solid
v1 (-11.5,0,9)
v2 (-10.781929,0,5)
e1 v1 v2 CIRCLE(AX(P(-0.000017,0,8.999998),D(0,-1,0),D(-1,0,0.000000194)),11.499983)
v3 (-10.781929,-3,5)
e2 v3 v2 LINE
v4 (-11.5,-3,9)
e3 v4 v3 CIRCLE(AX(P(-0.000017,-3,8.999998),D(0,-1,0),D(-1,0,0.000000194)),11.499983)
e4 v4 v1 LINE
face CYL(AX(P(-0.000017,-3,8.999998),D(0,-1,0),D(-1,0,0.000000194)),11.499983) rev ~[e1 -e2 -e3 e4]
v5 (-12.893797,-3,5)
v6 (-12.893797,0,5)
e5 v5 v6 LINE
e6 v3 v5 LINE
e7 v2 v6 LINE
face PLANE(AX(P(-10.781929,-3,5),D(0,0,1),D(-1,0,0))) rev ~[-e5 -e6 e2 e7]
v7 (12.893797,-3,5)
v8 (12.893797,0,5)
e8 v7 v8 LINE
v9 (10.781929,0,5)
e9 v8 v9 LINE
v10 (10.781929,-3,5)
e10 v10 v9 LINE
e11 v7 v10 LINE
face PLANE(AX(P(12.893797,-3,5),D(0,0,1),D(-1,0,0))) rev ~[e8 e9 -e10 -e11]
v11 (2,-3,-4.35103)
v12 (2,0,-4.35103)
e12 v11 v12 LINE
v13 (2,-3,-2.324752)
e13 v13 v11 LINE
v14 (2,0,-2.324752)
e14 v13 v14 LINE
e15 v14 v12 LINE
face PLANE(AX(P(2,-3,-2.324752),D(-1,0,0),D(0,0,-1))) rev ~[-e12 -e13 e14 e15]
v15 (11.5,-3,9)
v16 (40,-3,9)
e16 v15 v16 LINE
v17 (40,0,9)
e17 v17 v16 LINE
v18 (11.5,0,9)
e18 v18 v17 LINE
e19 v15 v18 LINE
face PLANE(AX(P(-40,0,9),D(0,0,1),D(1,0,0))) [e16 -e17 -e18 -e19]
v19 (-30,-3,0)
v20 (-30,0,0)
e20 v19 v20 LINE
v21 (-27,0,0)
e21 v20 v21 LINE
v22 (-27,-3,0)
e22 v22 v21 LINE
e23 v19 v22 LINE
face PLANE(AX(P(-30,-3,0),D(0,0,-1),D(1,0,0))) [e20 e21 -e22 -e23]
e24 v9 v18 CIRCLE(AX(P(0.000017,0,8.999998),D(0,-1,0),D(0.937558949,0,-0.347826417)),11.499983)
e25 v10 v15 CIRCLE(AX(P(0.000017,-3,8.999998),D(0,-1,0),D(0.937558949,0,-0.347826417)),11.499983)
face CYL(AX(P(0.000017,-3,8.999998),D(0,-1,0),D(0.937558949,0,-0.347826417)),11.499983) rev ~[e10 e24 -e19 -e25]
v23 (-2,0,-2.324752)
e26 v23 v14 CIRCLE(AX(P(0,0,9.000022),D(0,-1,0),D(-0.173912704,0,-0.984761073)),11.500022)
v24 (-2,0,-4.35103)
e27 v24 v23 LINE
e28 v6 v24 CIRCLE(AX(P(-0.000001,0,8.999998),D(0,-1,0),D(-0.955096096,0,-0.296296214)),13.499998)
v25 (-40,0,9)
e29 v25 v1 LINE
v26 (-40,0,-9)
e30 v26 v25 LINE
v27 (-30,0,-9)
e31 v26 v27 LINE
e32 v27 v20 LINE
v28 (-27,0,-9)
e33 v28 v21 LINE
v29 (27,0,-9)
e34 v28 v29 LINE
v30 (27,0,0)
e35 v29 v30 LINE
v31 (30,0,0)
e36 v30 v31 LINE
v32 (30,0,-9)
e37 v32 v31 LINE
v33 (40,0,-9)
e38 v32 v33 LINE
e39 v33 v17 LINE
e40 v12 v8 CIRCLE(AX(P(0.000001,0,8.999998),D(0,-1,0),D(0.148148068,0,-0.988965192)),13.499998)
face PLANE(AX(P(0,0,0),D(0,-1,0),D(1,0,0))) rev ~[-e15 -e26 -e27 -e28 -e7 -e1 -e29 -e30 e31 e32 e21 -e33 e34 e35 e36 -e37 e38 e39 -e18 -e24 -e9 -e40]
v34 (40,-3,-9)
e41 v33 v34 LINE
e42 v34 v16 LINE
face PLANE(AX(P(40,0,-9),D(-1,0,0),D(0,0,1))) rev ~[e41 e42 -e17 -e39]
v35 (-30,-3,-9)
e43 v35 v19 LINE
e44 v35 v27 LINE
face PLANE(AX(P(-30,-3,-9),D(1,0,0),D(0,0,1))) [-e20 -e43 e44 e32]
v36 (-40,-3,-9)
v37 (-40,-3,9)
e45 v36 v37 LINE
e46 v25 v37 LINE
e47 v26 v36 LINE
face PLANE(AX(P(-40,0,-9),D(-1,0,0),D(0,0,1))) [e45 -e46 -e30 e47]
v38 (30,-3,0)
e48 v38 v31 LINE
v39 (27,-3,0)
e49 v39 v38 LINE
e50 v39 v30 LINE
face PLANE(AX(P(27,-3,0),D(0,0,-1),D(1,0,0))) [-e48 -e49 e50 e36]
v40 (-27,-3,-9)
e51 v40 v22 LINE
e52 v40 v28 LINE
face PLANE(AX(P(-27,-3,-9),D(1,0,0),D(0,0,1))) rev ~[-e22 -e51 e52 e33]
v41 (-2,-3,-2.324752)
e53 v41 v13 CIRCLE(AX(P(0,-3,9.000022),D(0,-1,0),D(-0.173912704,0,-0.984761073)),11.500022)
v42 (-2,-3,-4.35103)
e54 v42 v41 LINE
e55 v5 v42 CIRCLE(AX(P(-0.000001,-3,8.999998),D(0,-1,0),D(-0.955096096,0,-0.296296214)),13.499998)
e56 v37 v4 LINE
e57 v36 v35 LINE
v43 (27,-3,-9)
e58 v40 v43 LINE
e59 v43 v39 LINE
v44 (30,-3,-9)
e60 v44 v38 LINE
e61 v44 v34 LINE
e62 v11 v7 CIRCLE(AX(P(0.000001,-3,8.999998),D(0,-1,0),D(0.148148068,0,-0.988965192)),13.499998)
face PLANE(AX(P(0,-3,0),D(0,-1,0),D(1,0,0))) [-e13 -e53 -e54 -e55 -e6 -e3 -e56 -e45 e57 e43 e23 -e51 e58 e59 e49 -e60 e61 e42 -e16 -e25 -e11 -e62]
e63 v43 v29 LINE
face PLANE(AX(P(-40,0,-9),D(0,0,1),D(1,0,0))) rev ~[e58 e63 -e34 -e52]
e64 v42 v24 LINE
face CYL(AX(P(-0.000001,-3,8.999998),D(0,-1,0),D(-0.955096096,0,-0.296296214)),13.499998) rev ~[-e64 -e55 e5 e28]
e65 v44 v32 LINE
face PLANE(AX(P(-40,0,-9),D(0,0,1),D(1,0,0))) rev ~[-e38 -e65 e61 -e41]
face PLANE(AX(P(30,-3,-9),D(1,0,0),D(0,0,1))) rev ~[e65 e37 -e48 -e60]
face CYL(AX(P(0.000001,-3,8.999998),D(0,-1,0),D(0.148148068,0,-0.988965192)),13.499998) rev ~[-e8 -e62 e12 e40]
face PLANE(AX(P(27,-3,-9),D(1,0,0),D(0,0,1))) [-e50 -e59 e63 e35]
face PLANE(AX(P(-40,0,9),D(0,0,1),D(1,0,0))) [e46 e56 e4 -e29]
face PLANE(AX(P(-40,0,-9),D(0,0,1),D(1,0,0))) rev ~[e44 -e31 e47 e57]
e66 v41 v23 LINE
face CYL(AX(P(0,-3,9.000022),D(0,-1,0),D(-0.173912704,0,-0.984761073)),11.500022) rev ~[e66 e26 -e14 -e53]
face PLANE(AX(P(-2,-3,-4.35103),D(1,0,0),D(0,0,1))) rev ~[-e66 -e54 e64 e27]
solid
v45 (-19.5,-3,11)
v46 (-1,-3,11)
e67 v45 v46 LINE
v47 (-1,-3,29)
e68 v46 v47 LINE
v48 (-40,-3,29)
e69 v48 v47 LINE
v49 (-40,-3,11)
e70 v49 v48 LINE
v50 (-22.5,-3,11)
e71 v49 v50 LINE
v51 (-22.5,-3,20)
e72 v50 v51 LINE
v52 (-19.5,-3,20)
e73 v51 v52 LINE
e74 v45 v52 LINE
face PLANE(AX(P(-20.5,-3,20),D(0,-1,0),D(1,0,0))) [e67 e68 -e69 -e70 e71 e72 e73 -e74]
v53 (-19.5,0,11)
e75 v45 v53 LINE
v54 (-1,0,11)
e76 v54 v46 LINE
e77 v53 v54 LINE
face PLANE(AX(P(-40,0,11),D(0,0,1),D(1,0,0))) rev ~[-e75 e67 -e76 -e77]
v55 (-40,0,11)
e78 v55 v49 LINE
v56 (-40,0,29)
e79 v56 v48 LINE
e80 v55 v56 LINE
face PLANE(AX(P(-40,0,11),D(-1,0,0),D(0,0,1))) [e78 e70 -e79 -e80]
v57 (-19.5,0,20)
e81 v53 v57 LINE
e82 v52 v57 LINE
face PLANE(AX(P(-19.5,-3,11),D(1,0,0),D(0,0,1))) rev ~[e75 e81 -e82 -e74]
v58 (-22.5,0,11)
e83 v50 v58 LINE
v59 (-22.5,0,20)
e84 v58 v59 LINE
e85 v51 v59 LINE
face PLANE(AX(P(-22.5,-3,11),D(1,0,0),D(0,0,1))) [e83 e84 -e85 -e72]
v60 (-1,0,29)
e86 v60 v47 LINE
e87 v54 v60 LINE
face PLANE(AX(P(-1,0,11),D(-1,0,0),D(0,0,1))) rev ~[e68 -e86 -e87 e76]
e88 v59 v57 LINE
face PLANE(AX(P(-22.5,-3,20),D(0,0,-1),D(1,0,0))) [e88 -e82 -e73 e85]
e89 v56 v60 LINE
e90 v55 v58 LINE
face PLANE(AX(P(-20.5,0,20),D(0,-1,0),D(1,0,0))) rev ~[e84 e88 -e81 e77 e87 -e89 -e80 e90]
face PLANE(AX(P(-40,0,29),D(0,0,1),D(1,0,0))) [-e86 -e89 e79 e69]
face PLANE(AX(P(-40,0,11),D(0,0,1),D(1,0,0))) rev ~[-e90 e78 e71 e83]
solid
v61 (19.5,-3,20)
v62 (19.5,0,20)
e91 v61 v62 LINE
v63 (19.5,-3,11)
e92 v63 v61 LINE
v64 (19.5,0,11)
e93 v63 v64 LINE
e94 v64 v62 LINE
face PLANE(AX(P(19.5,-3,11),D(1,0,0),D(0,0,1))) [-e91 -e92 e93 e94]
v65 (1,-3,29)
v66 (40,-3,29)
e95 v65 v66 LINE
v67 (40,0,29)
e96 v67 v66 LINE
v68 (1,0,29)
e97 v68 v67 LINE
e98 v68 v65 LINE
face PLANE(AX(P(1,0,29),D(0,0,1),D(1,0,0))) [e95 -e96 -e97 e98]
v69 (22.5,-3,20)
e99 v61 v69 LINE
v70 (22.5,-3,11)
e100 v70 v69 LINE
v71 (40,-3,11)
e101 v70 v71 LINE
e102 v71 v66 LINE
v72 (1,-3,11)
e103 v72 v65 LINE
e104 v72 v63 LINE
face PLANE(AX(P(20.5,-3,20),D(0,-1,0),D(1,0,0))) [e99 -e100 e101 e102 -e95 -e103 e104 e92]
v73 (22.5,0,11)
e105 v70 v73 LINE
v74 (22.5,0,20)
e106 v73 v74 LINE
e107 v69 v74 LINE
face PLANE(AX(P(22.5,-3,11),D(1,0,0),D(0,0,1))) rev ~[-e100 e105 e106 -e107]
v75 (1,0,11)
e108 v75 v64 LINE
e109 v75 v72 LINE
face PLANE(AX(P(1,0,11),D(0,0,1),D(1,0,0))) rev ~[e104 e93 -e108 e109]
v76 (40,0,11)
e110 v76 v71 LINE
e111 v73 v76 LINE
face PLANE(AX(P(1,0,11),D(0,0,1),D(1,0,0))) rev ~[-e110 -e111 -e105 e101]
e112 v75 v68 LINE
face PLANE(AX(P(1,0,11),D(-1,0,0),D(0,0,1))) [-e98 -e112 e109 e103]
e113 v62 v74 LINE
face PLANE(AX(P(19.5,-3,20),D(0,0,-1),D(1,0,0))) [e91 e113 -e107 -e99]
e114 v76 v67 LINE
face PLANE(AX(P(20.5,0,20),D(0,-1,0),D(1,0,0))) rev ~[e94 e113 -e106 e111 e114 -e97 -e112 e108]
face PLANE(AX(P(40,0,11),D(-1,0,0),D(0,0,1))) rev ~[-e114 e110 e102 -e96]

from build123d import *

# Parameters (mm, degrees)
F0_W     = 80
F0_H     = 18
F1_DEPTH = 3
F2_W     = 3
F2_H     = 9
F3_DEPTH = 3
F4_W     = 39
F4_H     = 18
F5_DEPTH = 3
F6_W     = 3
F6_H     = 9
F7_DEPTH = 3
F8_W     = 3
F8_H     = 9
F9_DEPTH = 3


with BuildPart() as f1:
    # F0 (on Front) → F1 (new body)
    with BuildSketch(Plane.XZ):
        Rectangle(F0_W, F0_H)
    extrude(amount=F1_DEPTH)

    # F2 (on face) → F3 (cut, through all)
    with BuildSketch(Plane.XZ.offset(3)):
        with BuildLine():
            ThreePointArc((-2, -2.324752), (-7.365964, 0.16866), (-10.781929, 5))
            Line((-10.781929, 5), (-12.893797, 5))
            ThreePointArc((-12.893797, 5), (-8.792994, -1.243694), (-2, -4.35103))
            Line((-2, -4.35103), (-2, -2.324752))
        make_face()
        with BuildLine():
            ThreePointArc((10.781929, 5), (7.365964, 0.16866), (2, -2.324752))
            Line((2, -2.324752), (2, -4.35103))
            ThreePointArc((2, -4.35103), (8.792994, -1.243694), (12.893797, 5))
            Line((12.893797, 5), (10.781929, 5))
        make_face()
        with Locations((-28.5, -4.5)):
            Rectangle(F2_W, F2_H)
        with Locations((28.5, -4.5)):
            Rectangle(F2_W, F2_H)
        with BuildLine():
            ThreePointArc((-11.5, 9), (-11.319059, 6.968029), (-10.781929, 5))
            ThreePointArc((-10.781929, 5), (-7.365964, 0.16866), (-2, -2.324752))
            ThreePointArc((-2, -2.324752), (0, -2.5), (2, -2.324752))
            ThreePointArc((2, -2.324752), (7.365964, 0.16866), (10.781929, 5))
            ThreePointArc((10.781929, 5), (11.319059, 6.968029), (11.5, 9))
            Line((11.5, 9), (-11.5, 9))
        make_face()
    extrude(amount=-F3_DEPTH, mode=Mode.SUBTRACT)


with BuildPart() as f5:
    # F4 (on Front) → F5 (new body)
    with BuildSketch(Plane.XZ):
        with Locations((-20.5, 20)):
            Rectangle(F4_W, F4_H)
        with Locations((20.5, 20)):
            Rectangle(F4_W, F4_H)
    extrude(amount=F5_DEPTH)

    # F6 (on face) → F7 (cut, through all)
    with BuildSketch(Plane.XZ.offset(3)):
        with Locations((-21, 15.5)):
            Rectangle(F6_W, F6_H)
    extrude(amount=-F7_DEPTH, mode=Mode.SUBTRACT)

    # F8 (on face) → F9 (cut, through all)
    with BuildSketch(Plane.XZ.offset(3)):
        with Locations((21, 15.5)):
            Rectangle(F8_W, F8_H)
    extrude(amount=-F9_DEPTH, mode=Mode.SUBTRACT)


solid = Compound([f1.part, f5.part])
